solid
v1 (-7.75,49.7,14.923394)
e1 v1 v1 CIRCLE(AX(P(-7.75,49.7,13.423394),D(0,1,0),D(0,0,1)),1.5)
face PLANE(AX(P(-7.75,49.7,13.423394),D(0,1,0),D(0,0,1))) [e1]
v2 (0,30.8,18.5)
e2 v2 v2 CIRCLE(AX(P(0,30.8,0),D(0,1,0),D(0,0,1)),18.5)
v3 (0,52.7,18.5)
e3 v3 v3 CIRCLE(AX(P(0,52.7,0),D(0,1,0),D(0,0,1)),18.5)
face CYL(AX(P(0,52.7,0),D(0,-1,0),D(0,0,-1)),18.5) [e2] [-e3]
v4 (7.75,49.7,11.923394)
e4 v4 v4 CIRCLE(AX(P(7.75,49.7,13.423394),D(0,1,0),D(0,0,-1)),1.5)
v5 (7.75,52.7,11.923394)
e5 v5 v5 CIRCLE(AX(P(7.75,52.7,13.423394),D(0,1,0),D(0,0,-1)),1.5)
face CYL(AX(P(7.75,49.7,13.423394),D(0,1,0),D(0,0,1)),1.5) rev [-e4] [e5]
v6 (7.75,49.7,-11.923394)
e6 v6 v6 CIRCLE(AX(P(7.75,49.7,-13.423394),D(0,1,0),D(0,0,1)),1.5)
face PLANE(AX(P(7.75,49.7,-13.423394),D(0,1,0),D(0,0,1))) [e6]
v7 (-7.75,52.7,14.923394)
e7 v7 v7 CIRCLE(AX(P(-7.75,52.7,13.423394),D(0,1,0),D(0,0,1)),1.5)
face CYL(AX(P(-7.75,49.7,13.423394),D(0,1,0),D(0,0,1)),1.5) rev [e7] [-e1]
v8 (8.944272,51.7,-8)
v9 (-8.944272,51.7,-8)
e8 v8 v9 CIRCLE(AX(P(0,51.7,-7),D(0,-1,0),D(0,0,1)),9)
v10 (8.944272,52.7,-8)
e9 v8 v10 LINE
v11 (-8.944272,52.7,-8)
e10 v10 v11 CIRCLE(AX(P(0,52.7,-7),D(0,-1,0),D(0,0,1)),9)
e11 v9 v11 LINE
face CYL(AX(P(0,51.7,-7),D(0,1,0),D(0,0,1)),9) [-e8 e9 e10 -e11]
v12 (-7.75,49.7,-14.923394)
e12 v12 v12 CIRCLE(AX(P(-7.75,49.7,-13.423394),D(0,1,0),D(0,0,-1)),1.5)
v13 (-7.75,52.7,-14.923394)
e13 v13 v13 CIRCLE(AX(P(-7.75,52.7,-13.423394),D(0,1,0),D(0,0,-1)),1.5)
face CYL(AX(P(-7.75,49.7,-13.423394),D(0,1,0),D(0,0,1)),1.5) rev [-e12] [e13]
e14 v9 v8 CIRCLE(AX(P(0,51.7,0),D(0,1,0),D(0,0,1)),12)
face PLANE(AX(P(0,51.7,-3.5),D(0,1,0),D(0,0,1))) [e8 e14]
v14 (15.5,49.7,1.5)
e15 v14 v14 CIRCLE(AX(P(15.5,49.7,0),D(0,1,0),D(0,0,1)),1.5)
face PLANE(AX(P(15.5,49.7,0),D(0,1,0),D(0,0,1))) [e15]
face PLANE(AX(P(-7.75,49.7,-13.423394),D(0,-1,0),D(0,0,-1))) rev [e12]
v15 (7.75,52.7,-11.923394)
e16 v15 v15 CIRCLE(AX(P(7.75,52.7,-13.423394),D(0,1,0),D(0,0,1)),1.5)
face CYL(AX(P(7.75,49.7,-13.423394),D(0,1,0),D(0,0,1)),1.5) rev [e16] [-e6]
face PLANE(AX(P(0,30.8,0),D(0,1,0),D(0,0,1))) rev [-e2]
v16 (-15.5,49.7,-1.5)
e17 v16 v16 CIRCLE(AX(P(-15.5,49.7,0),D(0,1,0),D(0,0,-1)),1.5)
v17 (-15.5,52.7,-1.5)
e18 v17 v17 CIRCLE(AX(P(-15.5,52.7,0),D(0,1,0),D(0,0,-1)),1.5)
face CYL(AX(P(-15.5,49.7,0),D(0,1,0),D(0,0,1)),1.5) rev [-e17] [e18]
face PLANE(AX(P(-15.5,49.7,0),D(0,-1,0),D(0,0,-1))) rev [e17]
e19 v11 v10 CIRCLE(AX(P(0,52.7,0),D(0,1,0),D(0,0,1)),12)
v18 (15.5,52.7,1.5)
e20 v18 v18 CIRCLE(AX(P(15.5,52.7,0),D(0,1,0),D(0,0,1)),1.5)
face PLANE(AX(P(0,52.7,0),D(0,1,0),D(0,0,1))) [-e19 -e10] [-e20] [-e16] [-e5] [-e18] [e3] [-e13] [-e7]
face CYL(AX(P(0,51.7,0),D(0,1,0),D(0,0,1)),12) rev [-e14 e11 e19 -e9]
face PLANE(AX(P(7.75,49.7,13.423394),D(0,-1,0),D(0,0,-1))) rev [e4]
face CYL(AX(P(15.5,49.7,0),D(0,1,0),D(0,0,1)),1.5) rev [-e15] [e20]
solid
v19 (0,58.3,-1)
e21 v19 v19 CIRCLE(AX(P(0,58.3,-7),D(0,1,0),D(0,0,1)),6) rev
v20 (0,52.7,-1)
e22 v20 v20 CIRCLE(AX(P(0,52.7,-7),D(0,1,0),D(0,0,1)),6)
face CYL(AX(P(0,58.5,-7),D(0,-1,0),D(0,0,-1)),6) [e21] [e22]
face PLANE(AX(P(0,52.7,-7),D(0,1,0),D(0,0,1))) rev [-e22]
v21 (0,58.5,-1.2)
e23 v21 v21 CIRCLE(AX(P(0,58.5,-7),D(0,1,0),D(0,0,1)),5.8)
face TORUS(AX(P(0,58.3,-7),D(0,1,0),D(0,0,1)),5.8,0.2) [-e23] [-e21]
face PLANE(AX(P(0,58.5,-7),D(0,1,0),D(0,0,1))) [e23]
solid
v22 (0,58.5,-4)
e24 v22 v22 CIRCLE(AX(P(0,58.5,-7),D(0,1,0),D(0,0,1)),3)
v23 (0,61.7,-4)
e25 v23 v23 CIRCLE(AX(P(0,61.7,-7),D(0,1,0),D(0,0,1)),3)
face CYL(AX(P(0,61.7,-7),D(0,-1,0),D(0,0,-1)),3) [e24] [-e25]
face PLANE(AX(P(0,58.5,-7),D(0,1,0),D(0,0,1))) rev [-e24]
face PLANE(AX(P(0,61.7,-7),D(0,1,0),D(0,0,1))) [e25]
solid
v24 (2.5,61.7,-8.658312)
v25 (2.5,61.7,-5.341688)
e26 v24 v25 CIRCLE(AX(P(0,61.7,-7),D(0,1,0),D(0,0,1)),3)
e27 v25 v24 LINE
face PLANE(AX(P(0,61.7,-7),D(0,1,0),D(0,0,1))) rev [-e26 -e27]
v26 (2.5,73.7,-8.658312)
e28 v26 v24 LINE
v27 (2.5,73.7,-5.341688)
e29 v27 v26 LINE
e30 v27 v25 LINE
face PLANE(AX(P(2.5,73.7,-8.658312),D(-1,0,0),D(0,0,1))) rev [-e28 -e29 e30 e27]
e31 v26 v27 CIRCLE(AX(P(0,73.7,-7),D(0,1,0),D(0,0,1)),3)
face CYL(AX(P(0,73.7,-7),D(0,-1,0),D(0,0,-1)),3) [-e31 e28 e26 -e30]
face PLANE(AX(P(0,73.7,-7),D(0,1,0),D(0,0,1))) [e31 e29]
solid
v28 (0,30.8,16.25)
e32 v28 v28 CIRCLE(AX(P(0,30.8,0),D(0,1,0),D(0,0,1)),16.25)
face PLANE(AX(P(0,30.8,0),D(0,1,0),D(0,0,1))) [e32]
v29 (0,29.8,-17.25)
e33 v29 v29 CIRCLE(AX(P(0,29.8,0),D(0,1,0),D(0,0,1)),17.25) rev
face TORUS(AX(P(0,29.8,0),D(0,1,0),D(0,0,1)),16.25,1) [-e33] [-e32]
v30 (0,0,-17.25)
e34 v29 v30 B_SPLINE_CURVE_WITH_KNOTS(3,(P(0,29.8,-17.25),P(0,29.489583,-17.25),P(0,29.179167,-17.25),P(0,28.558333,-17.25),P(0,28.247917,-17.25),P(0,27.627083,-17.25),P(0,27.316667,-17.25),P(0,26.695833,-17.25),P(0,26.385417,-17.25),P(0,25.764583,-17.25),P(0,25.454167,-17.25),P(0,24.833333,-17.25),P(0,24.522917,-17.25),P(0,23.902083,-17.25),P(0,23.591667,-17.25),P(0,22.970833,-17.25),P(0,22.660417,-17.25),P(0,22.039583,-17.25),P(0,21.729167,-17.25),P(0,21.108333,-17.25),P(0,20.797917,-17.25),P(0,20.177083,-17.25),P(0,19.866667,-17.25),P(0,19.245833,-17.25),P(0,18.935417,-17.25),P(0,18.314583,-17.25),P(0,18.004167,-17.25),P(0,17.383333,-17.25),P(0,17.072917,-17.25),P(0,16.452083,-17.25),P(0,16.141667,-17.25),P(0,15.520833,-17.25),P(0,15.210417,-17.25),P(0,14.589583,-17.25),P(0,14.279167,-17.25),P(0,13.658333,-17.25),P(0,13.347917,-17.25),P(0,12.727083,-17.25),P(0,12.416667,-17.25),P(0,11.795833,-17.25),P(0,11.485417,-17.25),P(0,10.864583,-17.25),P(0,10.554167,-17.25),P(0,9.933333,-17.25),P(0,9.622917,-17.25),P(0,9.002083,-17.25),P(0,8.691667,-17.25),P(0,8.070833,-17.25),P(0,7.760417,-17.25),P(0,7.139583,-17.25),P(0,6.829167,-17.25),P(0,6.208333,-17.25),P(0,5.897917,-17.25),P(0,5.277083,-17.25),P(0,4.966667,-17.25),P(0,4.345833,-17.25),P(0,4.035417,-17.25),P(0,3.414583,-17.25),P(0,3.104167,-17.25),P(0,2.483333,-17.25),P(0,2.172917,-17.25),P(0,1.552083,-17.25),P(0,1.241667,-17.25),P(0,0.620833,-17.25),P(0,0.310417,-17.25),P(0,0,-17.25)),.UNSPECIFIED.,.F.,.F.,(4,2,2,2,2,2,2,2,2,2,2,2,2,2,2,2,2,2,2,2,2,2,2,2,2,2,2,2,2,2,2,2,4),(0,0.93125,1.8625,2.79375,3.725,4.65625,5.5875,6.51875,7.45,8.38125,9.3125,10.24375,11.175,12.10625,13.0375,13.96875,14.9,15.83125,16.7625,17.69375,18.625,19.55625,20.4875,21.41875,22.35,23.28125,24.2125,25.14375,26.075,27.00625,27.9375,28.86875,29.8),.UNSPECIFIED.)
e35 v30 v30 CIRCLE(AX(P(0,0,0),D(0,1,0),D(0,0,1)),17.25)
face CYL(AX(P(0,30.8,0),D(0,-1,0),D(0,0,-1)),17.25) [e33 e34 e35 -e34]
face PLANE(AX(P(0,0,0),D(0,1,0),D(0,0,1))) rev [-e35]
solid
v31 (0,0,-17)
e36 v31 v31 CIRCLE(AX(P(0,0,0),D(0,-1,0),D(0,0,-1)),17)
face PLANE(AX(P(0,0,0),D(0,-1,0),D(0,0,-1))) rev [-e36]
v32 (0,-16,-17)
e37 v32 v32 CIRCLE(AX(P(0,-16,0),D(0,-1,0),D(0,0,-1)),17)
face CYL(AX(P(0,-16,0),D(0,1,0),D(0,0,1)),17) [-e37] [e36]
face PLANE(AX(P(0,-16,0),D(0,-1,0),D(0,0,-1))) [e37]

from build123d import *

# Parameters (mm, degrees)
CROQUIS1_R              = 17.25
SALIENTE_EXTRUIR1_DEPTH = 30.8
REDONDEO1_R             = 1
CROQUIS2_R              = 18.5
SALIENTE_EXTRUIR2_DEPTH = 21.9
CROQUIS3_R              = 6
SALIENTE_EXTRUIR3_DEPTH = 5.8
REDONDEO2_R             = 0.2
CROQUIS4_R              = 3
SALIENTE_EXTRUIR4_DEPTH = 3.2
SALIENTE_EXTRUIR5_DEPTH = 12
CROQUIS6_R              = 1.5
CORTAR_EXTRUIR1_DEPTH   = 3
CROQUIS7_R              = 17
SALIENTE_EXTRUIR6_DEPTH = 16
CORTAR_EXTRUIR2_DEPTH   = 1


with BuildPart() as part:
    # Croquis1 → Saliente-Extruir1 (new body)
    with BuildSketch(Plane(origin=(0, 0, 0), x_dir=(1, 0, 0), z_dir=(0, 1, 0))):
        with Locations(Location((0, 0, 0), (0, 0, 90))):
            Circle(CROQUIS1_R)
    extrude(amount=SALIENTE_EXTRUIR1_DEPTH)

    # Redondeo1
    redondeo1_edges = [part.edges().sort_by_distance(p)[0] for p in [
        (0, 30.8, 17.25),
    ]]
    fillet(redondeo1_edges, radius=REDONDEO1_R)


with BuildPart() as body_2:
    # Croquis2 → Saliente-Extruir2 (new body)
    with BuildSketch(Plane(origin=(0, 30.8, 0), x_dir=(1, 0, 0), z_dir=(0, 1, 0))):
        with Locations(Location((0, 0, 0), (0, 0, 270))):
            Circle(CROQUIS2_R)
    extrude(amount=SALIENTE_EXTRUIR2_DEPTH)

    # Croquis6 → Cortar-Extruir1 (cut)
    with BuildSketch(Plane(origin=(0, 52.7, 0), x_dir=(1, 0, 0), z_dir=(0, 1, 0))):
        with Locations(Location((15.5, 0, 0), (0, 0, 270))):
            Circle(CROQUIS6_R)
        with Locations(Location((7.75, 13.423393759, 0), (0, 0, 270))):
            Circle(CROQUIS6_R)
        with Locations(Location((7.75, -13.423393759, 0), (0, 0, 90))):
            Circle(CROQUIS6_R)
        with Locations(Location((-7.75, -13.423393759, 0), (0, 0, 270))):
            Circle(CROQUIS6_R)
        with Locations(Location((-15.5, 0, 0), (0, 0, 90))):
            Circle(CROQUIS6_R)
        with Locations(Location((-7.75, 13.423393759, 0), (0, 0, 90))):
            Circle(CROQUIS6_R)
    extrude(amount=-CORTAR_EXTRUIR1_DEPTH, mode=Mode.SUBTRACT)

    # Croquis8 → Cortar-Extruir2 (cut)
    with BuildSketch(Plane(origin=(0, 52.7, 0), x_dir=(1, 0, 0), z_dir=(0, 1, 0))):
        with BuildLine():
            ThreePointArc((-8.94427191, 8), (0, -12), (8.94427191, 8))
            ThreePointArc((8.94427191, 8), (0, -2), (-8.94427191, 8))
        make_face()
    extrude(amount=-CORTAR_EXTRUIR2_DEPTH, mode=Mode.SUBTRACT)


with BuildPart() as body_3:
    # Croquis3 → Saliente-Extruir3 (new body)
    with BuildSketch(Plane(origin=(0, 52.7, 0), x_dir=(1, 0, 0), z_dir=(0, 1, 0))):
        with Locations(Location((0, 7, 0), (0, 0, 270))):
            Circle(CROQUIS3_R)
    extrude(amount=SALIENTE_EXTRUIR3_DEPTH)

    # Redondeo2
    redondeo2_edges = [body_3.edges().sort_by_distance(p)[0] for p in [
        (0, 58.5, -13),
    ]]
    fillet(redondeo2_edges, radius=REDONDEO2_R)


with BuildPart() as body_4:
    # Croquis4 → Saliente-Extruir4 (new body)
    with BuildSketch(Plane(origin=(0, 58.5, 0), x_dir=(1, 0, 0), z_dir=(0, 1, 0))):
        with Locations(Location((0, 7, 0), (0, 0, 270))):
            Circle(CROQUIS4_R)
    extrude(amount=SALIENTE_EXTRUIR4_DEPTH)


with BuildPart() as body_5:
    # Croquis5 → Saliente-Extruir5 (new body)
    with BuildSketch(Plane(origin=(0, 61.7, 0), x_dir=(1, 0, 0), z_dir=(0, 1, 0))):
        with BuildLine():
            Line((2.5, 8.658312395), (2.5, 5.341687605))
            ThreePointArc((2.5, 5.341687605), (-3, 7), (2.5, 8.658312395))
        make_face()
    extrude(amount=SALIENTE_EXTRUIR5_DEPTH)


with BuildPart() as body_6:
    # Croquis7 → Saliente-Extruir6 (new body)
    with BuildSketch(Plane.XZ):
        with Locations(Location((0, 0, 0), (0, 0, 270))):
            Circle(CROQUIS7_R)
    extrude(amount=SALIENTE_EXTRUIR6_DEPTH)


solid = Compound([part.part, body_2.part, body_3.part, body_4.part, body_5.part, body_6.part])
